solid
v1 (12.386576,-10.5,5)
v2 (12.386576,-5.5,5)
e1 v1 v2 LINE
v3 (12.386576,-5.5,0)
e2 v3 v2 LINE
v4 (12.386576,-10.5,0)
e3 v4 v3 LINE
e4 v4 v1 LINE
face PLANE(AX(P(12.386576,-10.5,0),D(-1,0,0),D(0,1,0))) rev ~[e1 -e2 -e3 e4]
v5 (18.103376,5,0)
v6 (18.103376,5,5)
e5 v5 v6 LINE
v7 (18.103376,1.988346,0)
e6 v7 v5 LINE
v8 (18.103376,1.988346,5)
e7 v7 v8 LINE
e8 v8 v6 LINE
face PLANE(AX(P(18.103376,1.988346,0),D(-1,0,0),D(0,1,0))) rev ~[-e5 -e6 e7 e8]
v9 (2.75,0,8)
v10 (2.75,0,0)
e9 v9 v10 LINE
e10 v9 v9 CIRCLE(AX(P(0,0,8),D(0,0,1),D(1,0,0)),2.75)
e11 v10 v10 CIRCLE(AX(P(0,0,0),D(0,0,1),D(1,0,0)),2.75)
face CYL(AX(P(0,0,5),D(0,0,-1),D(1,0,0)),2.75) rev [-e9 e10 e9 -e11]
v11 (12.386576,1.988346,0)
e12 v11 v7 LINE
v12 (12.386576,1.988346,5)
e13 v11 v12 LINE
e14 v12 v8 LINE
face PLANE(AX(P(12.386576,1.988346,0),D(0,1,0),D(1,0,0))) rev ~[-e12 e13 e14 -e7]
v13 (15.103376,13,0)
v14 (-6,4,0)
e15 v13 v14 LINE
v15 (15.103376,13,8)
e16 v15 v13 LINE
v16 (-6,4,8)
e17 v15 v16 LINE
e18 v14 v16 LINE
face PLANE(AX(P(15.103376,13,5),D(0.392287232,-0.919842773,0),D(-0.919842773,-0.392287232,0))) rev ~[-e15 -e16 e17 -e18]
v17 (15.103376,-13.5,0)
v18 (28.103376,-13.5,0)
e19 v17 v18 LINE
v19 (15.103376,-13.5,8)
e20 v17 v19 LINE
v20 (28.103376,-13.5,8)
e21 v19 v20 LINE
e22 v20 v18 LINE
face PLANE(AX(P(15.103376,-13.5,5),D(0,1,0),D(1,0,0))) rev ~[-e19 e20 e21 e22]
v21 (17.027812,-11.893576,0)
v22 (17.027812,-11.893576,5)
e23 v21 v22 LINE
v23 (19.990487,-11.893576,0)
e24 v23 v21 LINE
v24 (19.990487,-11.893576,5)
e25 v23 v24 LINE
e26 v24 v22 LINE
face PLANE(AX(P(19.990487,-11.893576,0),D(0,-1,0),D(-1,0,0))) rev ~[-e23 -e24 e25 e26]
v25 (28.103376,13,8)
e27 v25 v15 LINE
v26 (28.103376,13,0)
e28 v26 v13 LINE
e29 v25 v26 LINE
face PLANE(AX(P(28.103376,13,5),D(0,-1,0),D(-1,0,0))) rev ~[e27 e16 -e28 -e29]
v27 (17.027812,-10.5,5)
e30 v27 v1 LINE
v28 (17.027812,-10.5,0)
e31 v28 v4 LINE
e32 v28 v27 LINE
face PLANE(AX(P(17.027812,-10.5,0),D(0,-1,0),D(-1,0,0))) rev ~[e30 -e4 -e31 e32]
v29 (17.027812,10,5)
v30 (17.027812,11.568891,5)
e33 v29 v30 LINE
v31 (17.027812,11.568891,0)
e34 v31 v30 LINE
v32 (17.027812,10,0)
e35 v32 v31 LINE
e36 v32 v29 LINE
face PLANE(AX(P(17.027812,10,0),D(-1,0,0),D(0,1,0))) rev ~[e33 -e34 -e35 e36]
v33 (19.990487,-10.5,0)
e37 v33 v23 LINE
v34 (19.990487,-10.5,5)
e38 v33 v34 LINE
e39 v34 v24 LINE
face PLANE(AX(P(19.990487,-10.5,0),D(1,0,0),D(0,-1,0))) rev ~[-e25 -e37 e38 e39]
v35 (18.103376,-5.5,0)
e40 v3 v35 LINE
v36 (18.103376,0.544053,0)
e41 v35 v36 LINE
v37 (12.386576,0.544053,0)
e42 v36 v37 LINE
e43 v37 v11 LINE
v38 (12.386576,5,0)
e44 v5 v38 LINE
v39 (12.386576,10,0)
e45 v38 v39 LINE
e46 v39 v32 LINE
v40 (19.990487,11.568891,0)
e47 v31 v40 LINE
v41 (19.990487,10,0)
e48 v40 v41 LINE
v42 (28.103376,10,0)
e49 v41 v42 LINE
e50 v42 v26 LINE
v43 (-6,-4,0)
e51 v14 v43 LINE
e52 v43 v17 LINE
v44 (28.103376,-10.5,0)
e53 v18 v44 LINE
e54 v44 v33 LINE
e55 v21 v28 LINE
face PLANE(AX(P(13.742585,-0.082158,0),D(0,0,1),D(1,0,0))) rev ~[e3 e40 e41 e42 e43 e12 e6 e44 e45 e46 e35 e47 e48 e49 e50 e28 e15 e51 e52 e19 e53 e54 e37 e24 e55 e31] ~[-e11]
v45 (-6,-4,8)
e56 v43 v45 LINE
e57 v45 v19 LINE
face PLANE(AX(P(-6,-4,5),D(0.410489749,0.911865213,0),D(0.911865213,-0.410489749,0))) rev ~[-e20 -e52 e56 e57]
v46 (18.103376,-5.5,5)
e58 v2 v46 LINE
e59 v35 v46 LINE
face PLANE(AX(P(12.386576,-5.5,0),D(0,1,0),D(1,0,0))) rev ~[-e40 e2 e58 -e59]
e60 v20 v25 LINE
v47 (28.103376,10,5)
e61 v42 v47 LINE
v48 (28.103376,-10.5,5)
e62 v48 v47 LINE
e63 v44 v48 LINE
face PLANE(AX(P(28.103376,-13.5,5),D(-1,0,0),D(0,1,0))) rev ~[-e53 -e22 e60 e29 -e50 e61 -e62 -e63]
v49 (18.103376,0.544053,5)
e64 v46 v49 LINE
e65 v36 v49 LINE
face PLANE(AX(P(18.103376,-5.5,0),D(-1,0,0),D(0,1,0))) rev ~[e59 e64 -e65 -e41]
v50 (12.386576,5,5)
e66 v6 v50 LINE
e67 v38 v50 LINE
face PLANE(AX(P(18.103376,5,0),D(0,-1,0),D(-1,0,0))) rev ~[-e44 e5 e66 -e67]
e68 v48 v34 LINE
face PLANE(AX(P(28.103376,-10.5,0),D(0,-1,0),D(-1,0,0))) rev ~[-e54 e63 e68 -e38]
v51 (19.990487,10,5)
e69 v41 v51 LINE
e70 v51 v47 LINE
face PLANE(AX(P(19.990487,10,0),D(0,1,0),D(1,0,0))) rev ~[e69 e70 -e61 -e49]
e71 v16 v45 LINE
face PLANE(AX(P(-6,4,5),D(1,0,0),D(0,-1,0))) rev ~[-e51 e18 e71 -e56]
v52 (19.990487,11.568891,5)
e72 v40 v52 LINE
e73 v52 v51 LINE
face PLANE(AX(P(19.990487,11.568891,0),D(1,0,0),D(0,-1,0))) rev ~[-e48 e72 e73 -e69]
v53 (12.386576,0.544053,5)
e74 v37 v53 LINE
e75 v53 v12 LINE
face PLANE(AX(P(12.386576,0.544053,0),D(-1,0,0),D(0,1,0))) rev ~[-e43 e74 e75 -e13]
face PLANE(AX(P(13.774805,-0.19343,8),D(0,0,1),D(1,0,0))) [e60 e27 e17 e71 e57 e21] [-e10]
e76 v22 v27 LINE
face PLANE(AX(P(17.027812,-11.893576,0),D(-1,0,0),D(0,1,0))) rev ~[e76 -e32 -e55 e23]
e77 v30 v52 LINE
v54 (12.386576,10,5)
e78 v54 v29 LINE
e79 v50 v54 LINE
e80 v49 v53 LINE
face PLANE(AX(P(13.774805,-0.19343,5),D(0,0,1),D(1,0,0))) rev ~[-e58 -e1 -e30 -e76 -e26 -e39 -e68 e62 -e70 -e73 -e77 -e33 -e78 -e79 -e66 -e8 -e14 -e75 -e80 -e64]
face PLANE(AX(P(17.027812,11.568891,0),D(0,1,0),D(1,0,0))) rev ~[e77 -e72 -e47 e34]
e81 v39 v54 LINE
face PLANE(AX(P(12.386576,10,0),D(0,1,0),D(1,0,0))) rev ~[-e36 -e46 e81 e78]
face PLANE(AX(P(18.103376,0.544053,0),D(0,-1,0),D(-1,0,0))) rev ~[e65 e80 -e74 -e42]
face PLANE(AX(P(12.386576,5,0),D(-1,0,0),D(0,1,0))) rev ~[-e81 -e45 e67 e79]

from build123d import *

# Parameters (mm, degrees)
F0_R     = 2.75
F1_DEPTH = 5
F2_R     = 2.75
F3_DEPTH = 3


with BuildPart() as f1:
    # F0 (on Top) → F1 (new body)
    with BuildSketch(Plane.XY):
        Polygon((19.990487, 11.568891), (19.990487, 10), (28.103376, 10), (28.103376, 13), (15.103376, 13), (-6, 4), (-6, -4), (15.103376, -13.5), (28.103376, -13.5), (28.103376, -10.5), (19.990487, -10.5), (19.990487, -11.893576), (17.027812, -11.893576), (17.027812, -10.5), (12.386576, -10.5), (12.386576, -5.5), (18.103376, -5.5), (18.103376, 0.544053), (12.386576, 0.544053), (12.386576, 1.988346), (18.103376, 1.988346), (18.103376, 5), (12.386576, 5), (12.386576, 10), (17.027812, 10), (17.027812, 11.568891), align=None)
        Circle(F0_R, mode=Mode.SUBTRACT)
    extrude(amount=F1_DEPTH)

    # F2 (on face) → F3 (join)
    with BuildSketch(Plane.XY.offset(5)):
        Polygon((15.103376, 13), (-6, 4), (-6, -4), (15.103376, -13.5), (28.103376, -13.5), (28.103376, 13), align=None)
        Circle(F2_R, mode=Mode.SUBTRACT)
    extrude(amount=F3_DEPTH)


solid = f1.part
